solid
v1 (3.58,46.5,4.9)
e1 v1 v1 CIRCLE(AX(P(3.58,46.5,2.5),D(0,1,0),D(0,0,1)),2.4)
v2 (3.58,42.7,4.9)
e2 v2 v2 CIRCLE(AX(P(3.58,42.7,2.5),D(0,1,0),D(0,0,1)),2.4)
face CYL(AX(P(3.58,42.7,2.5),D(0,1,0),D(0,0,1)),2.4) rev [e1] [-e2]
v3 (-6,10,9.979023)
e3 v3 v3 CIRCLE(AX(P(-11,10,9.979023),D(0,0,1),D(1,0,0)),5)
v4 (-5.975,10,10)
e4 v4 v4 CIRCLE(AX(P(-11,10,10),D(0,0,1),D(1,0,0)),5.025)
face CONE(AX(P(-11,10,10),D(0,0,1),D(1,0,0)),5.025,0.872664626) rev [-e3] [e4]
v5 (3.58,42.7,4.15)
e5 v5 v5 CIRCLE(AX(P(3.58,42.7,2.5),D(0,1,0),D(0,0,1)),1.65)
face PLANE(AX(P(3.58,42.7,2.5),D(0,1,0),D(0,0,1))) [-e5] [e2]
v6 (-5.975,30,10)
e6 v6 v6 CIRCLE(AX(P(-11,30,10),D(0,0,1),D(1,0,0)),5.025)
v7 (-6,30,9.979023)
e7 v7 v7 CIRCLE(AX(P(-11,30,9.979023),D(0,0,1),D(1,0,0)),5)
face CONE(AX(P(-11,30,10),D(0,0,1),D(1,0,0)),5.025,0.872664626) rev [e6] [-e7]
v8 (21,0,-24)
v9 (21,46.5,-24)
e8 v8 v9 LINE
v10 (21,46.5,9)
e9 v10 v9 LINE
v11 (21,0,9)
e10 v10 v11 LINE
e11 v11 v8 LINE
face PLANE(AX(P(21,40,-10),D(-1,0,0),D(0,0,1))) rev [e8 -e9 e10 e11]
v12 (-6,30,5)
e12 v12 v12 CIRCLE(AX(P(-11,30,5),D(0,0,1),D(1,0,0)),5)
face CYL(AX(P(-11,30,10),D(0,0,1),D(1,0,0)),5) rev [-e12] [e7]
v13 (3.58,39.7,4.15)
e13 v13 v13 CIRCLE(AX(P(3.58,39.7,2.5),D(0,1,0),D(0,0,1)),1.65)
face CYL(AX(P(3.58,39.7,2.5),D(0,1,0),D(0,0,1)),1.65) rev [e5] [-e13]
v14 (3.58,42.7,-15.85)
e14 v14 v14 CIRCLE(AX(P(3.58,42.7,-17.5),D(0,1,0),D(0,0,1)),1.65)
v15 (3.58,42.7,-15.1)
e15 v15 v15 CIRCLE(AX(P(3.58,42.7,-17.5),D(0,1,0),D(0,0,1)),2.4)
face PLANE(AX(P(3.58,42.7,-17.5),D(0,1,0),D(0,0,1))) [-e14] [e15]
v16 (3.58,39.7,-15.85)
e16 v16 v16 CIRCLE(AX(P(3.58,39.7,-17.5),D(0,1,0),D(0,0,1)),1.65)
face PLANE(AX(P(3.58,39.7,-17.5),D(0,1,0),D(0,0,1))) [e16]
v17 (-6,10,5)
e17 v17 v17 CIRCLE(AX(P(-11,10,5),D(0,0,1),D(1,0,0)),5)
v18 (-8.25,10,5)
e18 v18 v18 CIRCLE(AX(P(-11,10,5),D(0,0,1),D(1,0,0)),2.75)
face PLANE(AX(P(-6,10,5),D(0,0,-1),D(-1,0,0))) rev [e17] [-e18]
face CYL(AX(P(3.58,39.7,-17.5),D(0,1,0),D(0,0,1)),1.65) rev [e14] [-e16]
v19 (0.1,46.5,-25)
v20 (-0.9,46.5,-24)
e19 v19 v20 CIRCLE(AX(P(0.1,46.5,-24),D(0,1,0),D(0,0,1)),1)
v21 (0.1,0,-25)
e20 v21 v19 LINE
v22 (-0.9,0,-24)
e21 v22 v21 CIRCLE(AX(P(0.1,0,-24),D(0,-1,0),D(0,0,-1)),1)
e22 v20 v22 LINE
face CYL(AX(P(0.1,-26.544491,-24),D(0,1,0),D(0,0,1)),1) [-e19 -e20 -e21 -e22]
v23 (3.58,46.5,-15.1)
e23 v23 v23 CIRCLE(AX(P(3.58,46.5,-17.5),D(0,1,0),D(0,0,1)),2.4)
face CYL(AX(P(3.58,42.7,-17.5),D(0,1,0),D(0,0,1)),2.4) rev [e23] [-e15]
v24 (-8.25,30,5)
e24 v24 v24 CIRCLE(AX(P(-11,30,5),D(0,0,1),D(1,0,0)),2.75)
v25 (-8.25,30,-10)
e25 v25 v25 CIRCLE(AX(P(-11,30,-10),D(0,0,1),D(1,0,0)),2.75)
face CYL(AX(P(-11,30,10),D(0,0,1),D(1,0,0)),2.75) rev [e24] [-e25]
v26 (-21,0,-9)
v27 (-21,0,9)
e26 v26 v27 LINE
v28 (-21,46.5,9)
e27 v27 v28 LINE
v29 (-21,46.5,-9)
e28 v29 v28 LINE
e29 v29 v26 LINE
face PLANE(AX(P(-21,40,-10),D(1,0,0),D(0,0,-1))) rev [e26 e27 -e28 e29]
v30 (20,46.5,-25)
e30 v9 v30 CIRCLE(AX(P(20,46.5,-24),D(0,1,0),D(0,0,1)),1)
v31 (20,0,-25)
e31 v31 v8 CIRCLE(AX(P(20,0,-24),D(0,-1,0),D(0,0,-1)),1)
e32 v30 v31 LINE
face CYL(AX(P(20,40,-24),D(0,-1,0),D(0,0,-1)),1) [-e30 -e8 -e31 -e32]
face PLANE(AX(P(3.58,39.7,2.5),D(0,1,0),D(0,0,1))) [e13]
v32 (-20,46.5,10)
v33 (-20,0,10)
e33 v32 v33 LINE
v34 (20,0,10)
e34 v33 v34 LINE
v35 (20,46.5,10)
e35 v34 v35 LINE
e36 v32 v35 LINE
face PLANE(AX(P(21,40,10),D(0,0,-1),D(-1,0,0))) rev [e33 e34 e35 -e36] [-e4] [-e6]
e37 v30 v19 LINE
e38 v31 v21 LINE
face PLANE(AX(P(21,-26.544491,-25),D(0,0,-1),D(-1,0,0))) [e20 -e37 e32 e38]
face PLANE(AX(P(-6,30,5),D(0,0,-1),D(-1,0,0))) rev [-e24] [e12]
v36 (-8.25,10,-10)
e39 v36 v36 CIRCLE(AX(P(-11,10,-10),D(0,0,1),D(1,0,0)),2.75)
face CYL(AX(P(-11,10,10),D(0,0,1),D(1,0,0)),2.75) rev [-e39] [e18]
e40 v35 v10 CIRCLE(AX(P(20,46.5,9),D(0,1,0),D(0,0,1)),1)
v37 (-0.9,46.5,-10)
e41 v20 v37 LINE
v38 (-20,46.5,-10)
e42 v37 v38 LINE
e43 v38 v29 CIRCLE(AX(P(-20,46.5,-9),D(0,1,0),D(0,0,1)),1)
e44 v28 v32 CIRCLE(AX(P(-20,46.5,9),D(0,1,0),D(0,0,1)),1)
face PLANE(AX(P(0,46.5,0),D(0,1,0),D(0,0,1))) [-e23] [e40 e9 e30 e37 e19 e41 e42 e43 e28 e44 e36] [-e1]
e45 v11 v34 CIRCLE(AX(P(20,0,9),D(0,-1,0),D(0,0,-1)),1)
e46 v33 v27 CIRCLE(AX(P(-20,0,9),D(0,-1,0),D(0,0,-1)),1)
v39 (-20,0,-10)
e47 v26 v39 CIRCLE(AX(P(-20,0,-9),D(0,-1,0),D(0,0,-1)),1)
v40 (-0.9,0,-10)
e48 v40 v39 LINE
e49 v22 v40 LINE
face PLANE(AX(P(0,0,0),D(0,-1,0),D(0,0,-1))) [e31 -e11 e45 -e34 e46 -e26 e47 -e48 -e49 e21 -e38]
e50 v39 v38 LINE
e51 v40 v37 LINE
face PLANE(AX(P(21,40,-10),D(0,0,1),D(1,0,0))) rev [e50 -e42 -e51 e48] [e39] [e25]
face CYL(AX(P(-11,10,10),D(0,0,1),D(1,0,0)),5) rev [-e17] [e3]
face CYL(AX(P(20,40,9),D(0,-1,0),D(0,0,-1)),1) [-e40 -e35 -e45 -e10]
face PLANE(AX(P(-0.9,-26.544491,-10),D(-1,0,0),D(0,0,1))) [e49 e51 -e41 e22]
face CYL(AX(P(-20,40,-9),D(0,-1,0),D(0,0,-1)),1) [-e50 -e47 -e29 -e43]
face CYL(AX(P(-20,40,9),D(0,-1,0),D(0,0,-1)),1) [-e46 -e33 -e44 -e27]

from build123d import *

# Parameters (mm, degrees)
SKETCH1_W                     = 42
SKETCH1_H                     = 20
BOSS_EXTRUDE1_DEPTH           = 40
SKETCH2_W                     = 21.9
SKETCH2_H                     = 15
BOSS_EXTRUDE2_DEPTH           = 40
CBORE_FOR_M5_SHCS1_AT_2_COUNT = 2
CBORE_FOR_M5_SHCS1_AT_2_PITCH = 20
BOSS_EXTRUDE3_DEPTH           = 6.5
FILLET1_R                     = 1
SKETCH8_R                     = 2.4
CUT_EXTRUDE1_DEPTH            = 3.8
SKETCH9_R                     = 1.65
CUT_EXTRUDE2_DEPTH            = 3


with BuildPart() as part:
    # Sketch1 → Boss-Extrude1 (new body)
    with BuildSketch(Plane(origin=(0, 0, 0), x_dir=(1, 0, 0), z_dir=(0, 1, 0))):
        Rectangle(SKETCH1_W, SKETCH1_H)
    extrude(amount=BOSS_EXTRUDE1_DEPTH)

    # Sketch2 → Boss-Extrude2 (add)
    with BuildSketch(Plane(origin=(0, 40, 0), x_dir=(1, 0, 0), z_dir=(0, 1, 0))):
        with Locations((10.05, 17.5)):
            Rectangle(SKETCH2_W, SKETCH2_H)
    extrude(amount=-BOSS_EXTRUDE2_DEPTH)

    # Sketch5 → CBORE for M5 SHCS1 (revolve, cut)
    with BuildSketch(Plane(origin=(-11, 30, 10), x_dir=(0, -1, 0), z_dir=(1, 0, 0))):
        Polygon((0, 0), (0, 35), (2.75, 35), (2.75, 5), (5, 5), (5, 0.020977491), (5.025, 0), align=None)
    cbore_for_m5_shcs1 = revolve(axis=Axis((-11, 30, 16.35), (0, 0, -1)), mode=Mode.SUBTRACT)

    # CBORE for M5 SHCS1 at 2: CBORE for M5 SHCS1 ×2
    with Locations(*[(0, -i * CBORE_FOR_M5_SHCS1_AT_2_PITCH, 0) for i in range(1, CBORE_FOR_M5_SHCS1_AT_2_COUNT)]):
        add(cbore_for_m5_shcs1, mode=Mode.SUBTRACT)

    # Sketch6 → Boss-Extrude3 (add)
    with BuildSketch(Plane(origin=(0, 40, 0), x_dir=(1, 0, 0), z_dir=(0, 1, 0))):
        Polygon((-21, 10), (-21, -10), (21, -10), (21, 25), (-0.9, 25), (-0.9, 10), align=None)
    extrude(amount=BOSS_EXTRUDE3_DEPTH)

    # Fillet1
    fillet1_edges = [part.edges().sort_by_distance(p)[0] for p in [
        (-0.9, 23.25, -25),
        (21, 23.25, -25),
        (-21, 23.25, -10),
        (21, 23.25, 10),
        (-21, 23.25, 10),
    ]]
    fillet(fillet1_edges, radius=FILLET1_R)

    # Sketch8 → Cut-Extrude1 (cut)
    with BuildSketch(Plane(origin=(0, 46.5, 0), x_dir=(1, 0, 0), z_dir=(0, 1, 0))):
        with Locations((3.58, 17.5)):
            Circle(SKETCH8_R)
        with Locations((3.58, -2.5)):
            Circle(SKETCH8_R)
    extrude(amount=-CUT_EXTRUDE1_DEPTH, mode=Mode.SUBTRACT)

    # Sketch9 → Cut-Extrude2 (cut)
    with BuildSketch(Plane(origin=(0, 42.7, 0), x_dir=(1, 0, 0), z_dir=(0, 1, 0))):
        with Locations((3.58, 17.5)):
            Circle(SKETCH9_R)
        with Locations((3.58, -2.5)):
            Circle(SKETCH9_R)
    extrude(amount=-CUT_EXTRUDE2_DEPTH, mode=Mode.SUBTRACT)


solid = part.part
